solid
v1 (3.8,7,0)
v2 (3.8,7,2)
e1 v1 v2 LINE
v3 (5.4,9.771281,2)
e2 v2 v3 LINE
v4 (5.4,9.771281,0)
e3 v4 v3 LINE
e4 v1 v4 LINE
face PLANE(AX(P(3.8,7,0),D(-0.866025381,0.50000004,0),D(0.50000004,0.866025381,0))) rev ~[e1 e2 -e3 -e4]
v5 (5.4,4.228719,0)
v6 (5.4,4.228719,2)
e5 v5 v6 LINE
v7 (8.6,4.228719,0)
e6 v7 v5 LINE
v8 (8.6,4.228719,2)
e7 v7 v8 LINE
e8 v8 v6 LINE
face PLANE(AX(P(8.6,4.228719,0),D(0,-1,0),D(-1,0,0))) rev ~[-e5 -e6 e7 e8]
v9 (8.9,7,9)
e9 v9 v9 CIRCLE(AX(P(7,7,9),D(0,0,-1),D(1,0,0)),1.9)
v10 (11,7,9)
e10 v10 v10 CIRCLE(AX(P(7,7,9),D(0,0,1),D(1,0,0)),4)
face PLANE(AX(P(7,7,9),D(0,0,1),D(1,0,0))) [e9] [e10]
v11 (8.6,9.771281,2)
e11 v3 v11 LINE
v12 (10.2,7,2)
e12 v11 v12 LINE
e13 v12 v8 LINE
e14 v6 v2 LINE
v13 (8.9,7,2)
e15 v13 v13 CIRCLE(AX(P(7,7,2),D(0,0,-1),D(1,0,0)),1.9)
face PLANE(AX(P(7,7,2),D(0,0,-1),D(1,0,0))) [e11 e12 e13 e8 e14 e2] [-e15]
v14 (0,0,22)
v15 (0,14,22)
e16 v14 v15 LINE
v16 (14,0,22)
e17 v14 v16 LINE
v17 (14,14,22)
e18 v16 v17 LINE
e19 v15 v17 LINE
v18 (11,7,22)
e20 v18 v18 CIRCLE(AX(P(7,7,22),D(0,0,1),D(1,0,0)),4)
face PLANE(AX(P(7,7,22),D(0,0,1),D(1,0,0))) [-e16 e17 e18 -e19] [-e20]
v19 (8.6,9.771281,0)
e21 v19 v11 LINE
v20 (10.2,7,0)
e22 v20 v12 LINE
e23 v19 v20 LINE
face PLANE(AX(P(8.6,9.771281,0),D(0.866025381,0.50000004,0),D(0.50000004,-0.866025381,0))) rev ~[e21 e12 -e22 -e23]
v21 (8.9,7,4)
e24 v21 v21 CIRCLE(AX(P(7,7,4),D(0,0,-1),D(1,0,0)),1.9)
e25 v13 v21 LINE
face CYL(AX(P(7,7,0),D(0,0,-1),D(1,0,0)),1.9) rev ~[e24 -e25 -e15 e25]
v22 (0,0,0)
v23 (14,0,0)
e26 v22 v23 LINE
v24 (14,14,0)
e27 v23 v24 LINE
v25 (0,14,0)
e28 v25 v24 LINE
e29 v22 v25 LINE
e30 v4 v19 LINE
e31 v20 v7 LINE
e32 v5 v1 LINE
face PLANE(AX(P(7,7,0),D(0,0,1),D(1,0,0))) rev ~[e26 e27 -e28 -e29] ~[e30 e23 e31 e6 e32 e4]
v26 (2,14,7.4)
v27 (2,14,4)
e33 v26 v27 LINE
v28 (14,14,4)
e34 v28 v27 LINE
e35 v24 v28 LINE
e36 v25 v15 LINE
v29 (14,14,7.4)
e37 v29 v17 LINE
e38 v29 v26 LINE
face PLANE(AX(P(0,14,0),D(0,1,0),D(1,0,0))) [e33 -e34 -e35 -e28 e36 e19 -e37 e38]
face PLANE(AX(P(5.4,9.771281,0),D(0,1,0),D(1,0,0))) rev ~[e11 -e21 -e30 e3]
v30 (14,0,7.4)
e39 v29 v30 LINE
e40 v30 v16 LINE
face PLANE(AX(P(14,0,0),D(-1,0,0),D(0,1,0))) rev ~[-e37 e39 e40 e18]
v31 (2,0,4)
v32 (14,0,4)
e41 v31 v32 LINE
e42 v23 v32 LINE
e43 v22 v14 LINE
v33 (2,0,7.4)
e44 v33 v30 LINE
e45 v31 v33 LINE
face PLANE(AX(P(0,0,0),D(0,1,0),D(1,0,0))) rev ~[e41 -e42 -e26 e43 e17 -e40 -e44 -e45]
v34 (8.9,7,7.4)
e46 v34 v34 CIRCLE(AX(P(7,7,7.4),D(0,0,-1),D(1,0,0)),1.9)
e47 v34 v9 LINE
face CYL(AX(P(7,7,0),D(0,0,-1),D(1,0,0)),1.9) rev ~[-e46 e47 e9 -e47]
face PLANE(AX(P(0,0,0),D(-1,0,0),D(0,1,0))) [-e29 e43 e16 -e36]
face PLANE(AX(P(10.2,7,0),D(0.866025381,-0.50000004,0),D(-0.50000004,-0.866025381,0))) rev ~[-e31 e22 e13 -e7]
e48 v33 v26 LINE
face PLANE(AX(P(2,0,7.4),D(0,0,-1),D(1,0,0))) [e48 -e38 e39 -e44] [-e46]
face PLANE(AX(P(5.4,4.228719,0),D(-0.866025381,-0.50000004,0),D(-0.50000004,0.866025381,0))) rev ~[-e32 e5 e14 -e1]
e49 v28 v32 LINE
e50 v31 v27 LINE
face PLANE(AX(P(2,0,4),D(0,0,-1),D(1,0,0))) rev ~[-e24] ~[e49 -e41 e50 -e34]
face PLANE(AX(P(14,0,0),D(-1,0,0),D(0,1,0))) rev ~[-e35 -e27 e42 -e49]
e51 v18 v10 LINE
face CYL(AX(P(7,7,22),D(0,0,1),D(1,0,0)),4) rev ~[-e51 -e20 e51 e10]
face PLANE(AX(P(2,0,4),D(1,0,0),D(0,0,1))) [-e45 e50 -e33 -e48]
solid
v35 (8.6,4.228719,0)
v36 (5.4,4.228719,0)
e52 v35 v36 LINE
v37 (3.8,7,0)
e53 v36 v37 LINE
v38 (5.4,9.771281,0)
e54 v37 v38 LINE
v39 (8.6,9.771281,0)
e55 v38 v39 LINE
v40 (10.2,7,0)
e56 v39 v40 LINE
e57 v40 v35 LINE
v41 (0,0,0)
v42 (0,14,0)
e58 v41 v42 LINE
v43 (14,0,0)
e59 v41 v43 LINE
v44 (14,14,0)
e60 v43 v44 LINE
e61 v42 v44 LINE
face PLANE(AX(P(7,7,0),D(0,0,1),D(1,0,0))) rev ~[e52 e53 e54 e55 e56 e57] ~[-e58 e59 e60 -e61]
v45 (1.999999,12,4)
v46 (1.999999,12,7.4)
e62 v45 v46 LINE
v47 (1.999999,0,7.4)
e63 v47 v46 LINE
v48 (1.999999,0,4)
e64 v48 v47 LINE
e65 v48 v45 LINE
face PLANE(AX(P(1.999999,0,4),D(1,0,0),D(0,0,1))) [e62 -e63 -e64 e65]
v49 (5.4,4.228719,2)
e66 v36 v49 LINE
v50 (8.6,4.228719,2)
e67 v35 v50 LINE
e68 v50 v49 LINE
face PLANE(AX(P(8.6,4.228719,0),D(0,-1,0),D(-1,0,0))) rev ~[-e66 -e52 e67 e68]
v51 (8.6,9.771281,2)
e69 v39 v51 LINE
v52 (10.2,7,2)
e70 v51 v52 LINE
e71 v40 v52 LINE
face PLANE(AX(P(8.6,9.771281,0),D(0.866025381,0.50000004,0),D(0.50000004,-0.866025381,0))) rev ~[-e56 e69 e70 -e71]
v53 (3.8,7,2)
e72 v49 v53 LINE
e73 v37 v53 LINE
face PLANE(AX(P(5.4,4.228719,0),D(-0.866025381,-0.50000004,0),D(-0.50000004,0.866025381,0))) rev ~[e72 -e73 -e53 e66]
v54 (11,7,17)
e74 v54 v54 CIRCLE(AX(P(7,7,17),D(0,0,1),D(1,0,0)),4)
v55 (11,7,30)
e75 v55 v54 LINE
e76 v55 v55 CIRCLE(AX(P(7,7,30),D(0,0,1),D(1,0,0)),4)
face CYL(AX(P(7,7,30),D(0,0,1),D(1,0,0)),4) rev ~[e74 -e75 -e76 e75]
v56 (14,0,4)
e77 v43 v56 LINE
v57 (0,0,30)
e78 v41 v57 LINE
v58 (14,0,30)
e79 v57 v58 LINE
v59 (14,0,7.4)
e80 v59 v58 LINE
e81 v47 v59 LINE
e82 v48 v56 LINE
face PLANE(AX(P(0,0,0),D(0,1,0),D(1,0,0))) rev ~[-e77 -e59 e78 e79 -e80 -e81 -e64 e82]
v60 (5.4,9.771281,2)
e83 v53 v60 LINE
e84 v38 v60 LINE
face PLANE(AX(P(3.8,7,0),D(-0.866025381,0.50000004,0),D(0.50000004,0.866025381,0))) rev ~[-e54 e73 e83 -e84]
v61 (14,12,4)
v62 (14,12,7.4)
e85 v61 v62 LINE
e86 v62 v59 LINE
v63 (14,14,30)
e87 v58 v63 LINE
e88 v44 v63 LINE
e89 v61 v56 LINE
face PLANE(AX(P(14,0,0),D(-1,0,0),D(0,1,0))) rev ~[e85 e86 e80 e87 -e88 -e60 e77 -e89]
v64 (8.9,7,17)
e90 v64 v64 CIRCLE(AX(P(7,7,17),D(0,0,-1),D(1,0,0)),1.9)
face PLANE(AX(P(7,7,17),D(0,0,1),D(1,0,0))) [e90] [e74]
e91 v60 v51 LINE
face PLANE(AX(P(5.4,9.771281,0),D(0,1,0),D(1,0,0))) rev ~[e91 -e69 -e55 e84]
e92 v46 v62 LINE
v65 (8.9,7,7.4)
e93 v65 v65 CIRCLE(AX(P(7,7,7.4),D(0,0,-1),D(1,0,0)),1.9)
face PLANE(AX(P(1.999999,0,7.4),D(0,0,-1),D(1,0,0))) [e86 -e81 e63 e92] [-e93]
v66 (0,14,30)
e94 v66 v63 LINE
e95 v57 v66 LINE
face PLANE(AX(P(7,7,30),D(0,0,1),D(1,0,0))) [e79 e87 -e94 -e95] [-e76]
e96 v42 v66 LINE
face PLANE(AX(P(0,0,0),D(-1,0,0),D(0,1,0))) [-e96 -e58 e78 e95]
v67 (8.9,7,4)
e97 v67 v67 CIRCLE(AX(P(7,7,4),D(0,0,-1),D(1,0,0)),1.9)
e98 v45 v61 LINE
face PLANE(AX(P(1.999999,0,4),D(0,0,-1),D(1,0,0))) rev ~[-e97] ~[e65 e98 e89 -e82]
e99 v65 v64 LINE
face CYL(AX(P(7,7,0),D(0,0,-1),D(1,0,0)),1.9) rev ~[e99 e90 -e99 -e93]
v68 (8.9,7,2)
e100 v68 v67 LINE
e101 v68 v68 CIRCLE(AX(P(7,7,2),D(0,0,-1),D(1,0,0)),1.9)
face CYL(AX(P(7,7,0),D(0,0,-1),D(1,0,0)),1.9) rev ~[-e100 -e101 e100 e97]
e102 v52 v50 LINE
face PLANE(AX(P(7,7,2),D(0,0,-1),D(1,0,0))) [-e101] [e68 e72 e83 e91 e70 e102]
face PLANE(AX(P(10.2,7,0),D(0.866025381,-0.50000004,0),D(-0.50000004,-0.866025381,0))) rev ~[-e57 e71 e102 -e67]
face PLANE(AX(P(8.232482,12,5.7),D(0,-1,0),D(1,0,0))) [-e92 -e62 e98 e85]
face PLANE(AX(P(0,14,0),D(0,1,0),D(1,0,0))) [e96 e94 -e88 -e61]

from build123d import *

# Parameters (mm, degrees)
BOX_W           = 14
BOX_H           = 14
BOX_DEPTH       = 30
SKETCH_R        = 1.9
POCKET_DEPTH    = 17.5
SKETCH001_R     = 4
POCKET001_DEPTH = 13
SKETCH002_W     = 12.464965
SKETCH002_H     = 3.4
POCKET002_DEPTH = 12
POCKET003_DEPTH = 2
BOX001_W        = 14
BOX001_H        = 14
BOX001_DEPTH    = 22
SKETCH004_R     = 1.9
POCKET004_DEPTH = 17.5
SKETCH005_R     = 4
POCKET005_DEPTH = 13
SKETCH006_W     = 15.197168
SKETCH006_H     = 3.4
POCKET006_DEPTH = 15
POCKET007_DEPTH = 2


with BuildPart() as pocket003:
    # Box → Box (new body)
    with BuildSketch(Plane.XY):
        with Locations((7, 7)):
            Rectangle(BOX_W, BOX_H)
    extrude(amount=BOX_DEPTH)

    # Sketch → Pocket (cut)
    with BuildSketch(Plane(origin=(0, 0, 0), x_dir=(1, 0, 0), z_dir=(0, 0, -1))):
        with Locations((7, -7)):
            Circle(SKETCH_R)
    extrude(amount=-POCKET_DEPTH, mode=Mode.SUBTRACT)

    # Sketch001 → Pocket001 (cut)
    with BuildSketch(Plane.XY.offset(30)):
        with Locations((7, 7)):
            Circle(SKETCH001_R)
    extrude(amount=-POCKET001_DEPTH, mode=Mode.SUBTRACT)

    # Sketch002 → Pocket002 (cut)
    with BuildSketch(Plane.XZ):
        with Locations((8.232482, 5.7)):
            Rectangle(SKETCH002_W, SKETCH002_H)
    extrude(amount=-POCKET002_DEPTH, mode=Mode.SUBTRACT)

    # Sketch003 → Pocket003 (cut)
    with BuildSketch(Plane(origin=(0, 0, 0), x_dir=(1, 0, 0), z_dir=(0, 0, -1))):
        Polygon((5.4, -4.228719), (3.8, -7), (5.4, -9.771281), (8.6, -9.771281), (10.2, -7), (8.6, -4.228719), align=None)
    extrude(amount=-POCKET003_DEPTH, mode=Mode.SUBTRACT)


with BuildPart() as pocket007:
    # Box001 → Box001 (new body)
    with BuildSketch(Plane.XY):
        with Locations((7, 7)):
            Rectangle(BOX001_W, BOX001_H)
    extrude(amount=BOX001_DEPTH)

    # Sketch004 → Pocket004 (cut)
    with BuildSketch(Plane(origin=(0, 0, 0), x_dir=(1, 0, 0), z_dir=(0, 0, -1))):
        with Locations((7, -7)):
            Circle(SKETCH004_R)
    extrude(amount=-POCKET004_DEPTH, mode=Mode.SUBTRACT)

    # Sketch005 → Pocket005 (cut)
    with BuildSketch(Plane.XY.offset(22)):
        with Locations((7, 7)):
            Circle(SKETCH005_R)
    extrude(amount=-POCKET005_DEPTH, mode=Mode.SUBTRACT)

    # Sketch006 → Pocket006 (cut)
    with BuildSketch(Plane.XZ):
        with Locations((9.598584, 5.7)):
            Rectangle(SKETCH006_W, SKETCH006_H)
    extrude(amount=-POCKET006_DEPTH, mode=Mode.SUBTRACT)

    # Sketch007 → Pocket007 (cut)
    with BuildSketch(Plane(origin=(0, 0, 0), x_dir=(1, 0, 0), z_dir=(0, 0, -1))):
        Polygon((5.4, -4.228719), (3.8, -7), (5.4, -9.771281), (8.6, -9.771281), (10.2, -7), (8.6, -4.228719), align=None)
    extrude(amount=-POCKET007_DEPTH, mode=Mode.SUBTRACT)


solid = Compound([pocket003.part, pocket007.part])
